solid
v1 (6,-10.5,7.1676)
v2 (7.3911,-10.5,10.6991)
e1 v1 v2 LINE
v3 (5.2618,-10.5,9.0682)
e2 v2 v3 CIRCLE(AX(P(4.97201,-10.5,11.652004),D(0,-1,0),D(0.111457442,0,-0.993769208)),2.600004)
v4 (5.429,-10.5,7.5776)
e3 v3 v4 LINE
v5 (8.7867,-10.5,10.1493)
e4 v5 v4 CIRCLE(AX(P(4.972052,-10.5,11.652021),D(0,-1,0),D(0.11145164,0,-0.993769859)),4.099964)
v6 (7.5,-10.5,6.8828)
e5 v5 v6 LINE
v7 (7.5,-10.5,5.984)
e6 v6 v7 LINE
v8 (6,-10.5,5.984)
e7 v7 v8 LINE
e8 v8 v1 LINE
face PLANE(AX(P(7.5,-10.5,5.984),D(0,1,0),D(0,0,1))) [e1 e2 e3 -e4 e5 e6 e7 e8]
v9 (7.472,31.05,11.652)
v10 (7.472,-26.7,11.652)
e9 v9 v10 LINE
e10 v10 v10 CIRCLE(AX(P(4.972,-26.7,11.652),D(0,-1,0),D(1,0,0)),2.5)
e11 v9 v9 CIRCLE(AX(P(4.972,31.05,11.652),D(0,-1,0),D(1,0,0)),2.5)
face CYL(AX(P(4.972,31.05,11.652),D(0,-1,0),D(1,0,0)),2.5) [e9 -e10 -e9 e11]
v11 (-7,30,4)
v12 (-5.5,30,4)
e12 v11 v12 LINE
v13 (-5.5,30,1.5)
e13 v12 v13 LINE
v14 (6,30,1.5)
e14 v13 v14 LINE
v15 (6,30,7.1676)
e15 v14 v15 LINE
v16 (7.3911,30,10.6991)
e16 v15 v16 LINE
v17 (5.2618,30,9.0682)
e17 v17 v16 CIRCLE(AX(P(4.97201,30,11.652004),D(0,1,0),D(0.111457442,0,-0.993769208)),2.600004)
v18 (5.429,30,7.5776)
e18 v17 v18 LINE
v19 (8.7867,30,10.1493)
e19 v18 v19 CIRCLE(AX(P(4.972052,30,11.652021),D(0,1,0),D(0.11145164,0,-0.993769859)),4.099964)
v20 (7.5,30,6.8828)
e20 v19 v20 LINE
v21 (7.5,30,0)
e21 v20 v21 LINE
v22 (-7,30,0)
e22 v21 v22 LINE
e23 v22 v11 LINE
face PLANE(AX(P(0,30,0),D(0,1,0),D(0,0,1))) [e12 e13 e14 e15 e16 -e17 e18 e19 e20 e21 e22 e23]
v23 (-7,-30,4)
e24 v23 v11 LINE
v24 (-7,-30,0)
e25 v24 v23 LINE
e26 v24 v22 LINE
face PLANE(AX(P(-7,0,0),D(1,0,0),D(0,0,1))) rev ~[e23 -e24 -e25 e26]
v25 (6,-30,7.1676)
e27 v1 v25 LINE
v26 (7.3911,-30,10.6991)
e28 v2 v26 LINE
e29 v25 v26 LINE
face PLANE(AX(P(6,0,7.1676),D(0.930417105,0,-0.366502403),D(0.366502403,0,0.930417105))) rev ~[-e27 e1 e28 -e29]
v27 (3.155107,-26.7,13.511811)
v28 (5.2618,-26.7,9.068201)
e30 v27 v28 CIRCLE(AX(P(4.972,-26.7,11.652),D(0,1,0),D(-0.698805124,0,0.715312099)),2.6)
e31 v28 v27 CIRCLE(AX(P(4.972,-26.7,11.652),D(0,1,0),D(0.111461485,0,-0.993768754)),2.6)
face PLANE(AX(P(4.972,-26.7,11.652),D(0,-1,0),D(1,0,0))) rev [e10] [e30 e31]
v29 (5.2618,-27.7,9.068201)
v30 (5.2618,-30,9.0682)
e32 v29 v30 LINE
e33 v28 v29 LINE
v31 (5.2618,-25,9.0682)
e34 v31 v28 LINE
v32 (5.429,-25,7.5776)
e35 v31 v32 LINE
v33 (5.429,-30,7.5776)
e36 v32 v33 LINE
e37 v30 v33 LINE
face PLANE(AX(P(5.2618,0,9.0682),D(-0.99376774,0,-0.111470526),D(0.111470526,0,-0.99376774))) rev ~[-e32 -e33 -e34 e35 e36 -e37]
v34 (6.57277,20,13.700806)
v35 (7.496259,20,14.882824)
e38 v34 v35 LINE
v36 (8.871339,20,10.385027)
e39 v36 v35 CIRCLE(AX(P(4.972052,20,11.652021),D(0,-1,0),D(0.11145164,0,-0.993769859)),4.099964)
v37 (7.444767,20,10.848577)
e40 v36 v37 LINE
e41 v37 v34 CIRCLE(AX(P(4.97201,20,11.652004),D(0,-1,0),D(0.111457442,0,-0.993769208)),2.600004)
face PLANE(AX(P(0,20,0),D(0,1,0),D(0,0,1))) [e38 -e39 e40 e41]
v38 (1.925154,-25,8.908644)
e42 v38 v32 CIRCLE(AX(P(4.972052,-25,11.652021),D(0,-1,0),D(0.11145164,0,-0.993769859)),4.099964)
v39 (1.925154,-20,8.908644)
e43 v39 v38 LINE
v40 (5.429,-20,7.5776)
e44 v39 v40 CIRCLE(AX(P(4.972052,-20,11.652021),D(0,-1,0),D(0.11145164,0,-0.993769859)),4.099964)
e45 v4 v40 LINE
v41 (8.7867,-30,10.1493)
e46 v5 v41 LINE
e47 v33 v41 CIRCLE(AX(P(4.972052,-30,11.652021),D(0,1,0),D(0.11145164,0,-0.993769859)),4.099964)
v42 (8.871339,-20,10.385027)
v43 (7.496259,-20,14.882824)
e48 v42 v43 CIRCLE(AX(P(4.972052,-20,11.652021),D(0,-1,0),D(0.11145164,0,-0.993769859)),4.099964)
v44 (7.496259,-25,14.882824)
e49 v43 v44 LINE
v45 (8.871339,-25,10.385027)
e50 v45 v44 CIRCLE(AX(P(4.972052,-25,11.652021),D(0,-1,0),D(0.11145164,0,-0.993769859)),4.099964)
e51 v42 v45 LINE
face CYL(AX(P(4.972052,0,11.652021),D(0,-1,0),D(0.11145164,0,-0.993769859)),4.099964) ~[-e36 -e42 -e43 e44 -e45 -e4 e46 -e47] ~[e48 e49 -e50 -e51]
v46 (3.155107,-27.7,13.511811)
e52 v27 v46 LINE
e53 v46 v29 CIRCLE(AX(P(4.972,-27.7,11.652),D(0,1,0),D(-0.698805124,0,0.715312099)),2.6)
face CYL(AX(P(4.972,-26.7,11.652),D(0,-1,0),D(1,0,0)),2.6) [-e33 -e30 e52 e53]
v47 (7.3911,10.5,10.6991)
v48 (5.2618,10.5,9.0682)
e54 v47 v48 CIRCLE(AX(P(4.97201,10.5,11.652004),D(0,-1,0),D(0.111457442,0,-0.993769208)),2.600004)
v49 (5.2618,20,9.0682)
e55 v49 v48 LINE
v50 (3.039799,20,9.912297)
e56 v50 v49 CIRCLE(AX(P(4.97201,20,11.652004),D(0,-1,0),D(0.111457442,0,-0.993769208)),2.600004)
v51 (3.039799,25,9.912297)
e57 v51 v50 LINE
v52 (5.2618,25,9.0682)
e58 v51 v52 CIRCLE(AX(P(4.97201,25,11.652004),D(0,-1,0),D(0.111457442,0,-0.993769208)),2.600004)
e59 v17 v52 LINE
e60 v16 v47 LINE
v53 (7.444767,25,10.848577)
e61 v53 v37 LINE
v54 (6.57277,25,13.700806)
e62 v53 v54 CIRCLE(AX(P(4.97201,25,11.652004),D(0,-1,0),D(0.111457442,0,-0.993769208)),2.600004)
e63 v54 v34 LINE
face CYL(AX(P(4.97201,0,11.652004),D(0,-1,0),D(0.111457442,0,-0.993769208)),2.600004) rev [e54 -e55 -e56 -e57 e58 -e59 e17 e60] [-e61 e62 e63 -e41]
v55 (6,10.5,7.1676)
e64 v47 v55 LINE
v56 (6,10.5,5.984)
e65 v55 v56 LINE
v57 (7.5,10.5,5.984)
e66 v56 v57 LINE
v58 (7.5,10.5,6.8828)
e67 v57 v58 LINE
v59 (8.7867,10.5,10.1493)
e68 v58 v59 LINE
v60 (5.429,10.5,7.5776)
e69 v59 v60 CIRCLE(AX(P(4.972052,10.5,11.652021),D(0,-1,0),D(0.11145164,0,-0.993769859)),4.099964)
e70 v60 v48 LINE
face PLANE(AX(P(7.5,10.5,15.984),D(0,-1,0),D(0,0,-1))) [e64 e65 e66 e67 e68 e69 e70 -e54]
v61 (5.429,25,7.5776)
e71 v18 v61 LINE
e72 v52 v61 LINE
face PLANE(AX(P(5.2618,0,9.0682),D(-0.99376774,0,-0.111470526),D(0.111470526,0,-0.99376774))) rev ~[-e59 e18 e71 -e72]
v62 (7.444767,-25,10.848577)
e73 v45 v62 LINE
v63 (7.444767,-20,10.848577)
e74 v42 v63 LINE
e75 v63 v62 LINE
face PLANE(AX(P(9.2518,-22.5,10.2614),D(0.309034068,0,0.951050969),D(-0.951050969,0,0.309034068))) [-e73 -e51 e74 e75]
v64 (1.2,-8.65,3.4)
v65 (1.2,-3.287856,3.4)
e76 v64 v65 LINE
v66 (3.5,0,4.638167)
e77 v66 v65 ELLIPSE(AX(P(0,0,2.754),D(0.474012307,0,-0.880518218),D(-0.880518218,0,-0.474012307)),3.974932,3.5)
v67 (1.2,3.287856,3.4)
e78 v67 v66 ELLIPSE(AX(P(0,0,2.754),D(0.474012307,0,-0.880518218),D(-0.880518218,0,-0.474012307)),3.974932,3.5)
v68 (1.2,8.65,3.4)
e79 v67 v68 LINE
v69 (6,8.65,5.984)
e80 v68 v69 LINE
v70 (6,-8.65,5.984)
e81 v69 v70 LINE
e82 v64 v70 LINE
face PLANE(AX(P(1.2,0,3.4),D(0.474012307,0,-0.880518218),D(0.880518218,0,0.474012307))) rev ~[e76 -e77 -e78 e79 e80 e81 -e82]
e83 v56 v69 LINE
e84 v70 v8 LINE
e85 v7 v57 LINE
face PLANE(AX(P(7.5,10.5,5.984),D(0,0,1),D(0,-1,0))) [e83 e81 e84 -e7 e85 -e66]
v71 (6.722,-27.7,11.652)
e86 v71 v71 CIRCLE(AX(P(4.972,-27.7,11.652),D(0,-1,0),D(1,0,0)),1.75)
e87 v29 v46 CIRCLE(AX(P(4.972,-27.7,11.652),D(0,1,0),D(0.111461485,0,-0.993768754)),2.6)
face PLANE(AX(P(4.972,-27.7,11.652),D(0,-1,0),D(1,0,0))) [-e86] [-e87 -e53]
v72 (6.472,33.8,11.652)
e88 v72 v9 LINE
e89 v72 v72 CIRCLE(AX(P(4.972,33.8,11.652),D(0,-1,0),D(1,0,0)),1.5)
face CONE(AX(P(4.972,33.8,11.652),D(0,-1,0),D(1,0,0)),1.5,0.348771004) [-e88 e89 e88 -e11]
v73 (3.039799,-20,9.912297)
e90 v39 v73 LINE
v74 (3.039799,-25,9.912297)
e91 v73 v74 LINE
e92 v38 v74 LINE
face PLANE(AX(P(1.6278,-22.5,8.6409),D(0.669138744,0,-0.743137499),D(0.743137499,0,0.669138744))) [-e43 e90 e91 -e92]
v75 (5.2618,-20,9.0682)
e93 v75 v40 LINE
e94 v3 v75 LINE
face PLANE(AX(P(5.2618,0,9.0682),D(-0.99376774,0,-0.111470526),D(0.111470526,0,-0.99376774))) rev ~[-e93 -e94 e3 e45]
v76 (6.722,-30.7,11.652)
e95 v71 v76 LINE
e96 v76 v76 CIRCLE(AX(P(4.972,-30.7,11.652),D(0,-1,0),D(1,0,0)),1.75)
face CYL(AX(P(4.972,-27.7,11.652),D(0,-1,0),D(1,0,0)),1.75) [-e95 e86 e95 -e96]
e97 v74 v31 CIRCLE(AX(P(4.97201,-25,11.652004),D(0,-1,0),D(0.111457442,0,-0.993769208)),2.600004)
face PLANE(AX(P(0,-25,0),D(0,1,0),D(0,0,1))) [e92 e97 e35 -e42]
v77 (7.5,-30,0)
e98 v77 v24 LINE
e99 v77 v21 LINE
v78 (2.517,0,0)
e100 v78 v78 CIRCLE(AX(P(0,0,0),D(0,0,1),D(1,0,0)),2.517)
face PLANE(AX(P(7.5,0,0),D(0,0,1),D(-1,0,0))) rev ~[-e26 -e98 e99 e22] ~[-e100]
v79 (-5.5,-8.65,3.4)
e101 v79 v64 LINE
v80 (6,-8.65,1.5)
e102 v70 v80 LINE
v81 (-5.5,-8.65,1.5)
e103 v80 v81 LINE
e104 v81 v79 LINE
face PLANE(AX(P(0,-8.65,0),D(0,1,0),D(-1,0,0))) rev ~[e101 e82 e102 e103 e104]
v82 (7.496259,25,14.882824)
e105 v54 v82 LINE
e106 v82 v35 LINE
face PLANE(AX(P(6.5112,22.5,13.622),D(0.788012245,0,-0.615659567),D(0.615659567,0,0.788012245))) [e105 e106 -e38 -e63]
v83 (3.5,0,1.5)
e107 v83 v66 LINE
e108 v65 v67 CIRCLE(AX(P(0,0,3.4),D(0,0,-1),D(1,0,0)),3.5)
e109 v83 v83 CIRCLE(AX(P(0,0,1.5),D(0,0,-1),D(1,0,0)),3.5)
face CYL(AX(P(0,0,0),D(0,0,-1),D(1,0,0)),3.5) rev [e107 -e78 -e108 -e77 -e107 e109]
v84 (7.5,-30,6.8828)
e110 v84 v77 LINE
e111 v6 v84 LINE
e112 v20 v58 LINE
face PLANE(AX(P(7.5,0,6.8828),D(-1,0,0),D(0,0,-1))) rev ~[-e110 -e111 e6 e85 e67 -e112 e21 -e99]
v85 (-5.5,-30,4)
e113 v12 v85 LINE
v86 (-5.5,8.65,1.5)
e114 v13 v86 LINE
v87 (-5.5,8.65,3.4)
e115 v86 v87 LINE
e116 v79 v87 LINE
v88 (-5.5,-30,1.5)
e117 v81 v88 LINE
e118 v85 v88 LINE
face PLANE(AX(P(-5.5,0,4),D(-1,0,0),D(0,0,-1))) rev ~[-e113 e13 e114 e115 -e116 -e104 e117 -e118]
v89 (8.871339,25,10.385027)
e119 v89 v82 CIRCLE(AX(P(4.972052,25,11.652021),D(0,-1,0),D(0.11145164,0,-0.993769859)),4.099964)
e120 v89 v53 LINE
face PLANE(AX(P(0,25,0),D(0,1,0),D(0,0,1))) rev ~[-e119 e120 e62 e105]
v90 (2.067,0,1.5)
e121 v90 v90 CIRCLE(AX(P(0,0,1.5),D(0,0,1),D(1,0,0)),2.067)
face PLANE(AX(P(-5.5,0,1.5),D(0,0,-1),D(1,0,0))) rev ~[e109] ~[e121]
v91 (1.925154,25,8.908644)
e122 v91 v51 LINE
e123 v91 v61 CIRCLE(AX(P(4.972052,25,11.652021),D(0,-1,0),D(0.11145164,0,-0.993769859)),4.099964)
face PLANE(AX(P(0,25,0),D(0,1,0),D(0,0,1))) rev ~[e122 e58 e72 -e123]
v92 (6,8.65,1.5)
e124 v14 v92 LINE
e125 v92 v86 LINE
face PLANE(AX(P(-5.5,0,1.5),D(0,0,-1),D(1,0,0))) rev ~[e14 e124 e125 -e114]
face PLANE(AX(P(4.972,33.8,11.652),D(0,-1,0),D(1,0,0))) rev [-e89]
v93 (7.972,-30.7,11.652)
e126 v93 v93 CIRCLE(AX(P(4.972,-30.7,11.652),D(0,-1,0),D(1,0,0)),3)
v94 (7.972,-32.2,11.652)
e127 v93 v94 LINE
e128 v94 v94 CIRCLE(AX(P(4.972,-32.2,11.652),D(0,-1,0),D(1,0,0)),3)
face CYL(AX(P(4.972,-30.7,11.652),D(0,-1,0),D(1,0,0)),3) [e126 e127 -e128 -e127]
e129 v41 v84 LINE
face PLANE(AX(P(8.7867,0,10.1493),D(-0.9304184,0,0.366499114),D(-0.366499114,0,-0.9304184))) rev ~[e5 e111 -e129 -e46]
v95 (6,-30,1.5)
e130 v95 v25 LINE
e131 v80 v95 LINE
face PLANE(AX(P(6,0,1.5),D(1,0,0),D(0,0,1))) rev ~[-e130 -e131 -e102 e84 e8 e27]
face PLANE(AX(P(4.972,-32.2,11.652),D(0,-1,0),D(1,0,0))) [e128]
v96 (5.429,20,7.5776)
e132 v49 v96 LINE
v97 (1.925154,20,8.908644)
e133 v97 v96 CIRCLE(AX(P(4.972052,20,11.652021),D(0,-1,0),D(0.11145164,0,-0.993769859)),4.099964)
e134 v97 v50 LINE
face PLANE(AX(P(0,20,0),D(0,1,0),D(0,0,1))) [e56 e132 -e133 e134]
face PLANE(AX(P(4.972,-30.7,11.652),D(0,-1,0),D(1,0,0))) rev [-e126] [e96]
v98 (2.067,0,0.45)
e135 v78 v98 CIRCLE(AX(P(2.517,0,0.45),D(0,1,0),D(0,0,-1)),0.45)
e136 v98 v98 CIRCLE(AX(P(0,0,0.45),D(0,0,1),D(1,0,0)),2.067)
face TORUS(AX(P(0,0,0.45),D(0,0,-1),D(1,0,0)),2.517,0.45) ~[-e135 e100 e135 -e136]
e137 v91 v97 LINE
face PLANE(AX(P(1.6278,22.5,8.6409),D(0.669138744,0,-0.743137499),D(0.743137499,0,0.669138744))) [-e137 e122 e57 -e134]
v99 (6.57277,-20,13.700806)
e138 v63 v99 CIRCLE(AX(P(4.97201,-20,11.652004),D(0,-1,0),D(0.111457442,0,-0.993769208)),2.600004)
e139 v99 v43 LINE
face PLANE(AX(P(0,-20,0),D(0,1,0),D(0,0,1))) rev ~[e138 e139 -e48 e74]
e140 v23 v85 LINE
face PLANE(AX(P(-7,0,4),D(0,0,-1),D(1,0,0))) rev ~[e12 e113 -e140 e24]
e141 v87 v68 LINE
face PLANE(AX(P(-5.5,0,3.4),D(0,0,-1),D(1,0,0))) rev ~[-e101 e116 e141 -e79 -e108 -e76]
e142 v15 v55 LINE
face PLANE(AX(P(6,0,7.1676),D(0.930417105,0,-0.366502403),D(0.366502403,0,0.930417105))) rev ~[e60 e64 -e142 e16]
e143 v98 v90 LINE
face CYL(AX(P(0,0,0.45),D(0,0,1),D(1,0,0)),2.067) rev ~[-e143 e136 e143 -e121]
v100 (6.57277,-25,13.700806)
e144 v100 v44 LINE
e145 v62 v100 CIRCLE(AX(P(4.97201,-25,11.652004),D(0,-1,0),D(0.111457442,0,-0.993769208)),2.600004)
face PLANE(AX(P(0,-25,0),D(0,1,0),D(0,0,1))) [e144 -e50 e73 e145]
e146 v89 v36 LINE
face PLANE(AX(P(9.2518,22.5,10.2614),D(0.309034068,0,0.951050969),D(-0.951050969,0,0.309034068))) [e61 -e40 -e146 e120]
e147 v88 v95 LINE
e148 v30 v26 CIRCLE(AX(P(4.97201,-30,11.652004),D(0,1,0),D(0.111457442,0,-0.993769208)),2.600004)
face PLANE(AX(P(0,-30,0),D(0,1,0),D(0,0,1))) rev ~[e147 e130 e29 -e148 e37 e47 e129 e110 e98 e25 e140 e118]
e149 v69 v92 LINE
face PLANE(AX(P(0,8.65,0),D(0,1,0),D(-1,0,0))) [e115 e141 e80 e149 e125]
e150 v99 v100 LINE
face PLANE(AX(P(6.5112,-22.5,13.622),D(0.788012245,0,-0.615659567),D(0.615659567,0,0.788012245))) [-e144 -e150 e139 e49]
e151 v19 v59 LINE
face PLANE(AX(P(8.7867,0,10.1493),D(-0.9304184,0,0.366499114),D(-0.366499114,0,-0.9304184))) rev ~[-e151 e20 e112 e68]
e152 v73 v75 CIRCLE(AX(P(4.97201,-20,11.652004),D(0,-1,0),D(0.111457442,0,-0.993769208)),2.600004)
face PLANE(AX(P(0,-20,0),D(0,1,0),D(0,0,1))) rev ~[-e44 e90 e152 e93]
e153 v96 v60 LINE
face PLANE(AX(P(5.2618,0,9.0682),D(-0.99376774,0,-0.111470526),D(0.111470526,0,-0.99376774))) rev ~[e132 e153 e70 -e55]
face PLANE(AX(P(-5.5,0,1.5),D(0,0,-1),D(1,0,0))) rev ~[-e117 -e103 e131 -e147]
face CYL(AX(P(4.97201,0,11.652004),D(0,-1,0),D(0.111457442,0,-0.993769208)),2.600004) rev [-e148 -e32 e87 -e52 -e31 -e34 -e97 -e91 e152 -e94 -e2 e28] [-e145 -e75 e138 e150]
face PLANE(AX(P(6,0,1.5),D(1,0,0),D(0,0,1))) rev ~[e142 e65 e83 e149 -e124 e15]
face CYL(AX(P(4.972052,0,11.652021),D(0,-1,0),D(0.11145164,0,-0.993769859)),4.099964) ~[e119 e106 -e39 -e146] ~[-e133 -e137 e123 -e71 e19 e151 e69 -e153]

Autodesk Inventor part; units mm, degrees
sketch "Sketch_12" plane through (0, 0, 0) normal (0, 1, 0) x (-1, 0, 0)
  line L0 (5.5, 3.4) -> (-1.2, 3.4)
  line L1 (-1.2, 3.4) -> (-6, 5.984)
  line L2 (-6, 5.984) -> (-6, 1.5)
  line L3 (-6, 1.5) -> (5.5, 1.5)
  line L4 (5.5, 1.5) -> (5.5, 3.4)
extrude "Extrusion1" add sketch "Sketch_12" along normal mid plane 17.3
sketch "Sketch_16" plane through (0, 0, 0) normal (0, 0, 1) x (1, 0, 0)
  circle A0 centre (0, 0) radius 3.5
extrude "Extrusion2" cut sketch "Sketch_16" along normal blind 6
sketch "Sketch_1" plane through (0, 0, 0) normal (0, 1, 0) x (0, 0, 1)
  line L0 (0, 7.5) -> (0, -7)
  line L1 (0, -7) -> (4, -7)
  line L2 (4, -7) -> (4, -5.5)
  line L3 (4, -5.5) -> (1.5, -5.5)
  line L4 (1.5, -5.5) -> (1.5, 6)
  line L5 (1.5, 6) -> (7.1676, 6)
  line L6 (7.1676, 6) -> (10.6991, 7.3911)
  arc A0 (9.0682, 5.2618) -> (10.6991, 7.3911) centre (11.652, 4.972) ccw
  line L7 (9.0682, 5.2618) -> (7.5776, 5.429)
  arc A1 (7.5776, 5.429) -> (10.1493, 8.7867) centre (11.652, 4.972) ccw
  line L8 (10.1493, 8.7867) -> (6.8828, 7.5)
  line L9 (6.8828, 7.5) -> (0, 7.5)
extrude "Extrusion3" add sketch "Sketch_1" along normal mid plane 60
sketch "Sketch_8" plane through (0, 22.5, 0) normal (0, 1, 0) x (0, 0, 1)
  arc A0 (7.1855, 5.5204) -> (8.6409, 1.6278) centre (11.652, 4.972) ccw
  line L0 (8.6409, 1.6278) -> (9.9792, 3.1141)
  arc A1 (9.9792, 3.1141) -> (13.622, 6.5112) centre (11.652, 4.972) ccw
  line L1 (13.622, 6.5112) -> (15.198, 7.7425)
  arc A2 (15.198, 7.7425) -> (10.2614, 9.2518) centre (11.652, 4.972) ccw
  line L2 (10.2614, 9.2518) -> (10.8795, 7.3496)
  arc A3 (10.8795, 7.3496) -> (9.1706, 5.2767) centre (11.652, 4.972) ccw
  line L3 (9.1706, 5.2767) -> (7.1855, 5.5204)
extrude "Extrusion4" cut sketch "Sketch_8" along normal mid plane 5
sketch "Sketch_9" plane through (0, -22.5, 0) normal (0, 1, 0) x (0, 0, 1)
  arc A0 (7.1855, 5.5204) -> (8.6409, 1.6278) centre (11.652, 4.972) ccw
  line L0 (8.6409, 1.6278) -> (9.9792, 3.1141)
  arc A1 (9.9792, 3.1141) -> (13.622, 6.5112) centre (11.652, 4.972) ccw
  line L1 (13.622, 6.5112) -> (15.198, 7.7425)
  arc A2 (15.198, 7.7425) -> (10.2614, 9.2518) centre (11.652, 4.972) ccw
  line L2 (10.2614, 9.2518) -> (10.8795, 7.3496)
  arc A3 (10.8795, 7.3496) -> (9.1706, 5.2767) centre (11.652, 4.972) ccw
  line L3 (9.1706, 5.2767) -> (7.1855, 5.5204)
extrude "Extrusion5" cut sketch "Sketch_9" along normal mid plane 5
sketch "Sketch_5" plane through (0, 0, 0) normal (0, 1, 0) x (0, 0, 1)
  line L0 (1.5, 0) -> (0, 0)
  line L1 (0, 0) -> (0, 2.517)
  arc A0 (0, 2.517) -> (0.45, 2.067) centre (0.45, 2.517) ccw
  line L2 (0.45, 2.067) -> (1.5, 2.067)
  line L3 (1.5, 2.067) -> (1.5, 0)
  line L4 (1.5, 0) -> (0, 0)
revolve "Revolution1" cut sketch "Sketch_5" angle 360 about axis through (0, 0, 1.5) along (0, 0, 1)
thread "Thread1" size "M5x0.8" class "6H" standard "ISO Metric profile" full length
sketch "Sketch_6" plane through (7.5, 0, 0) normal (-1, 0, 0) x (0, 0, 1)
  line L0 (5.984, -10.5) -> (15.984, -10.5)
  line L1 (15.984, -10.5) -> (15.984, 10.5)
  line L2 (15.984, 10.5) -> (5.984, 10.5)
  line L3 (5.984, 10.5) -> (5.984, -10.5)
extrude "Extrusion6" cut sketch "Sketch_6" along normal mid plane 14
sketch "Sketch_7" plane through (0, 0, 11.652) normal (0, 0, 1) x (1, 0, 0)
  line L0 (4.972, -32.2) -> (4.972, 33.8)
  line L1 (4.972, 33.8) -> (6.472, 33.8)
  line L2 (6.472, 33.8) -> (7.472, 31.05)
  line L3 (7.472, 31.05) -> (7.472, -26.7)
  line L4 (7.472, -26.7) -> (7.572, -26.7)
  line L5 (7.572, -26.7) -> (7.572, -27.7)
  line L6 (7.572, -27.7) -> (6.722, -27.7)
  line L7 (6.722, -27.7) -> (6.722, -30.7)
  line L8 (6.722, -30.7) -> (7.972, -30.7)
  line L9 (7.972, -30.7) -> (7.972, -32.2)
  line L10 (7.972, -32.2) -> (4.972, -32.2)
  line L11 (4.972, -32.2) -> (4.972, 33.8)
revolve "Revolution2" add sketch "Sketch_7" angle 360 about axis through (4.972, -32.2, 11.652) along (0, -1, 0)
ref_plane "SC_XY" through (0, 0, 0) normal (0, 0, 1) x (-1, 0, 0)
ref_plane "SC_YZ" through (0, 0, 0) normal (-1, 0, 0) x (0, -1, 0)
ref_plane "SC_ZX" through (0, 0, 0) normal (0, -1, 0) x (0, 0, 1)
ref_plane "TUER1_XY" through (4.972, 0, 11.652) normal (0, -1, 0) x (0, 0, 1)
ref_plane "TUER1_YZ" through (4.972, 0, 11.652) normal (0, 0, 1) x (-1, 0, 0)
ref_plane "TUER1_ZX" through (4.972, 0, 11.652) normal (-1, 0, 0) x (0, -1, 0)
ref_plane "TUER2_XY" through (4.972, 0, 11.652) normal (0, 1, 0) x (0, 0, 1)
ref_plane "TUER2_YZ" through (4.972, 0, 11.652) normal (0, 0, 1) x (1, 0, 0)
ref_plane "TUER2_ZX" through (4.972, 0, 11.652) normal (1, 0, 0) x (0, 1, 0)
properties part number "1XXX_01_04(T,2)_P7"
